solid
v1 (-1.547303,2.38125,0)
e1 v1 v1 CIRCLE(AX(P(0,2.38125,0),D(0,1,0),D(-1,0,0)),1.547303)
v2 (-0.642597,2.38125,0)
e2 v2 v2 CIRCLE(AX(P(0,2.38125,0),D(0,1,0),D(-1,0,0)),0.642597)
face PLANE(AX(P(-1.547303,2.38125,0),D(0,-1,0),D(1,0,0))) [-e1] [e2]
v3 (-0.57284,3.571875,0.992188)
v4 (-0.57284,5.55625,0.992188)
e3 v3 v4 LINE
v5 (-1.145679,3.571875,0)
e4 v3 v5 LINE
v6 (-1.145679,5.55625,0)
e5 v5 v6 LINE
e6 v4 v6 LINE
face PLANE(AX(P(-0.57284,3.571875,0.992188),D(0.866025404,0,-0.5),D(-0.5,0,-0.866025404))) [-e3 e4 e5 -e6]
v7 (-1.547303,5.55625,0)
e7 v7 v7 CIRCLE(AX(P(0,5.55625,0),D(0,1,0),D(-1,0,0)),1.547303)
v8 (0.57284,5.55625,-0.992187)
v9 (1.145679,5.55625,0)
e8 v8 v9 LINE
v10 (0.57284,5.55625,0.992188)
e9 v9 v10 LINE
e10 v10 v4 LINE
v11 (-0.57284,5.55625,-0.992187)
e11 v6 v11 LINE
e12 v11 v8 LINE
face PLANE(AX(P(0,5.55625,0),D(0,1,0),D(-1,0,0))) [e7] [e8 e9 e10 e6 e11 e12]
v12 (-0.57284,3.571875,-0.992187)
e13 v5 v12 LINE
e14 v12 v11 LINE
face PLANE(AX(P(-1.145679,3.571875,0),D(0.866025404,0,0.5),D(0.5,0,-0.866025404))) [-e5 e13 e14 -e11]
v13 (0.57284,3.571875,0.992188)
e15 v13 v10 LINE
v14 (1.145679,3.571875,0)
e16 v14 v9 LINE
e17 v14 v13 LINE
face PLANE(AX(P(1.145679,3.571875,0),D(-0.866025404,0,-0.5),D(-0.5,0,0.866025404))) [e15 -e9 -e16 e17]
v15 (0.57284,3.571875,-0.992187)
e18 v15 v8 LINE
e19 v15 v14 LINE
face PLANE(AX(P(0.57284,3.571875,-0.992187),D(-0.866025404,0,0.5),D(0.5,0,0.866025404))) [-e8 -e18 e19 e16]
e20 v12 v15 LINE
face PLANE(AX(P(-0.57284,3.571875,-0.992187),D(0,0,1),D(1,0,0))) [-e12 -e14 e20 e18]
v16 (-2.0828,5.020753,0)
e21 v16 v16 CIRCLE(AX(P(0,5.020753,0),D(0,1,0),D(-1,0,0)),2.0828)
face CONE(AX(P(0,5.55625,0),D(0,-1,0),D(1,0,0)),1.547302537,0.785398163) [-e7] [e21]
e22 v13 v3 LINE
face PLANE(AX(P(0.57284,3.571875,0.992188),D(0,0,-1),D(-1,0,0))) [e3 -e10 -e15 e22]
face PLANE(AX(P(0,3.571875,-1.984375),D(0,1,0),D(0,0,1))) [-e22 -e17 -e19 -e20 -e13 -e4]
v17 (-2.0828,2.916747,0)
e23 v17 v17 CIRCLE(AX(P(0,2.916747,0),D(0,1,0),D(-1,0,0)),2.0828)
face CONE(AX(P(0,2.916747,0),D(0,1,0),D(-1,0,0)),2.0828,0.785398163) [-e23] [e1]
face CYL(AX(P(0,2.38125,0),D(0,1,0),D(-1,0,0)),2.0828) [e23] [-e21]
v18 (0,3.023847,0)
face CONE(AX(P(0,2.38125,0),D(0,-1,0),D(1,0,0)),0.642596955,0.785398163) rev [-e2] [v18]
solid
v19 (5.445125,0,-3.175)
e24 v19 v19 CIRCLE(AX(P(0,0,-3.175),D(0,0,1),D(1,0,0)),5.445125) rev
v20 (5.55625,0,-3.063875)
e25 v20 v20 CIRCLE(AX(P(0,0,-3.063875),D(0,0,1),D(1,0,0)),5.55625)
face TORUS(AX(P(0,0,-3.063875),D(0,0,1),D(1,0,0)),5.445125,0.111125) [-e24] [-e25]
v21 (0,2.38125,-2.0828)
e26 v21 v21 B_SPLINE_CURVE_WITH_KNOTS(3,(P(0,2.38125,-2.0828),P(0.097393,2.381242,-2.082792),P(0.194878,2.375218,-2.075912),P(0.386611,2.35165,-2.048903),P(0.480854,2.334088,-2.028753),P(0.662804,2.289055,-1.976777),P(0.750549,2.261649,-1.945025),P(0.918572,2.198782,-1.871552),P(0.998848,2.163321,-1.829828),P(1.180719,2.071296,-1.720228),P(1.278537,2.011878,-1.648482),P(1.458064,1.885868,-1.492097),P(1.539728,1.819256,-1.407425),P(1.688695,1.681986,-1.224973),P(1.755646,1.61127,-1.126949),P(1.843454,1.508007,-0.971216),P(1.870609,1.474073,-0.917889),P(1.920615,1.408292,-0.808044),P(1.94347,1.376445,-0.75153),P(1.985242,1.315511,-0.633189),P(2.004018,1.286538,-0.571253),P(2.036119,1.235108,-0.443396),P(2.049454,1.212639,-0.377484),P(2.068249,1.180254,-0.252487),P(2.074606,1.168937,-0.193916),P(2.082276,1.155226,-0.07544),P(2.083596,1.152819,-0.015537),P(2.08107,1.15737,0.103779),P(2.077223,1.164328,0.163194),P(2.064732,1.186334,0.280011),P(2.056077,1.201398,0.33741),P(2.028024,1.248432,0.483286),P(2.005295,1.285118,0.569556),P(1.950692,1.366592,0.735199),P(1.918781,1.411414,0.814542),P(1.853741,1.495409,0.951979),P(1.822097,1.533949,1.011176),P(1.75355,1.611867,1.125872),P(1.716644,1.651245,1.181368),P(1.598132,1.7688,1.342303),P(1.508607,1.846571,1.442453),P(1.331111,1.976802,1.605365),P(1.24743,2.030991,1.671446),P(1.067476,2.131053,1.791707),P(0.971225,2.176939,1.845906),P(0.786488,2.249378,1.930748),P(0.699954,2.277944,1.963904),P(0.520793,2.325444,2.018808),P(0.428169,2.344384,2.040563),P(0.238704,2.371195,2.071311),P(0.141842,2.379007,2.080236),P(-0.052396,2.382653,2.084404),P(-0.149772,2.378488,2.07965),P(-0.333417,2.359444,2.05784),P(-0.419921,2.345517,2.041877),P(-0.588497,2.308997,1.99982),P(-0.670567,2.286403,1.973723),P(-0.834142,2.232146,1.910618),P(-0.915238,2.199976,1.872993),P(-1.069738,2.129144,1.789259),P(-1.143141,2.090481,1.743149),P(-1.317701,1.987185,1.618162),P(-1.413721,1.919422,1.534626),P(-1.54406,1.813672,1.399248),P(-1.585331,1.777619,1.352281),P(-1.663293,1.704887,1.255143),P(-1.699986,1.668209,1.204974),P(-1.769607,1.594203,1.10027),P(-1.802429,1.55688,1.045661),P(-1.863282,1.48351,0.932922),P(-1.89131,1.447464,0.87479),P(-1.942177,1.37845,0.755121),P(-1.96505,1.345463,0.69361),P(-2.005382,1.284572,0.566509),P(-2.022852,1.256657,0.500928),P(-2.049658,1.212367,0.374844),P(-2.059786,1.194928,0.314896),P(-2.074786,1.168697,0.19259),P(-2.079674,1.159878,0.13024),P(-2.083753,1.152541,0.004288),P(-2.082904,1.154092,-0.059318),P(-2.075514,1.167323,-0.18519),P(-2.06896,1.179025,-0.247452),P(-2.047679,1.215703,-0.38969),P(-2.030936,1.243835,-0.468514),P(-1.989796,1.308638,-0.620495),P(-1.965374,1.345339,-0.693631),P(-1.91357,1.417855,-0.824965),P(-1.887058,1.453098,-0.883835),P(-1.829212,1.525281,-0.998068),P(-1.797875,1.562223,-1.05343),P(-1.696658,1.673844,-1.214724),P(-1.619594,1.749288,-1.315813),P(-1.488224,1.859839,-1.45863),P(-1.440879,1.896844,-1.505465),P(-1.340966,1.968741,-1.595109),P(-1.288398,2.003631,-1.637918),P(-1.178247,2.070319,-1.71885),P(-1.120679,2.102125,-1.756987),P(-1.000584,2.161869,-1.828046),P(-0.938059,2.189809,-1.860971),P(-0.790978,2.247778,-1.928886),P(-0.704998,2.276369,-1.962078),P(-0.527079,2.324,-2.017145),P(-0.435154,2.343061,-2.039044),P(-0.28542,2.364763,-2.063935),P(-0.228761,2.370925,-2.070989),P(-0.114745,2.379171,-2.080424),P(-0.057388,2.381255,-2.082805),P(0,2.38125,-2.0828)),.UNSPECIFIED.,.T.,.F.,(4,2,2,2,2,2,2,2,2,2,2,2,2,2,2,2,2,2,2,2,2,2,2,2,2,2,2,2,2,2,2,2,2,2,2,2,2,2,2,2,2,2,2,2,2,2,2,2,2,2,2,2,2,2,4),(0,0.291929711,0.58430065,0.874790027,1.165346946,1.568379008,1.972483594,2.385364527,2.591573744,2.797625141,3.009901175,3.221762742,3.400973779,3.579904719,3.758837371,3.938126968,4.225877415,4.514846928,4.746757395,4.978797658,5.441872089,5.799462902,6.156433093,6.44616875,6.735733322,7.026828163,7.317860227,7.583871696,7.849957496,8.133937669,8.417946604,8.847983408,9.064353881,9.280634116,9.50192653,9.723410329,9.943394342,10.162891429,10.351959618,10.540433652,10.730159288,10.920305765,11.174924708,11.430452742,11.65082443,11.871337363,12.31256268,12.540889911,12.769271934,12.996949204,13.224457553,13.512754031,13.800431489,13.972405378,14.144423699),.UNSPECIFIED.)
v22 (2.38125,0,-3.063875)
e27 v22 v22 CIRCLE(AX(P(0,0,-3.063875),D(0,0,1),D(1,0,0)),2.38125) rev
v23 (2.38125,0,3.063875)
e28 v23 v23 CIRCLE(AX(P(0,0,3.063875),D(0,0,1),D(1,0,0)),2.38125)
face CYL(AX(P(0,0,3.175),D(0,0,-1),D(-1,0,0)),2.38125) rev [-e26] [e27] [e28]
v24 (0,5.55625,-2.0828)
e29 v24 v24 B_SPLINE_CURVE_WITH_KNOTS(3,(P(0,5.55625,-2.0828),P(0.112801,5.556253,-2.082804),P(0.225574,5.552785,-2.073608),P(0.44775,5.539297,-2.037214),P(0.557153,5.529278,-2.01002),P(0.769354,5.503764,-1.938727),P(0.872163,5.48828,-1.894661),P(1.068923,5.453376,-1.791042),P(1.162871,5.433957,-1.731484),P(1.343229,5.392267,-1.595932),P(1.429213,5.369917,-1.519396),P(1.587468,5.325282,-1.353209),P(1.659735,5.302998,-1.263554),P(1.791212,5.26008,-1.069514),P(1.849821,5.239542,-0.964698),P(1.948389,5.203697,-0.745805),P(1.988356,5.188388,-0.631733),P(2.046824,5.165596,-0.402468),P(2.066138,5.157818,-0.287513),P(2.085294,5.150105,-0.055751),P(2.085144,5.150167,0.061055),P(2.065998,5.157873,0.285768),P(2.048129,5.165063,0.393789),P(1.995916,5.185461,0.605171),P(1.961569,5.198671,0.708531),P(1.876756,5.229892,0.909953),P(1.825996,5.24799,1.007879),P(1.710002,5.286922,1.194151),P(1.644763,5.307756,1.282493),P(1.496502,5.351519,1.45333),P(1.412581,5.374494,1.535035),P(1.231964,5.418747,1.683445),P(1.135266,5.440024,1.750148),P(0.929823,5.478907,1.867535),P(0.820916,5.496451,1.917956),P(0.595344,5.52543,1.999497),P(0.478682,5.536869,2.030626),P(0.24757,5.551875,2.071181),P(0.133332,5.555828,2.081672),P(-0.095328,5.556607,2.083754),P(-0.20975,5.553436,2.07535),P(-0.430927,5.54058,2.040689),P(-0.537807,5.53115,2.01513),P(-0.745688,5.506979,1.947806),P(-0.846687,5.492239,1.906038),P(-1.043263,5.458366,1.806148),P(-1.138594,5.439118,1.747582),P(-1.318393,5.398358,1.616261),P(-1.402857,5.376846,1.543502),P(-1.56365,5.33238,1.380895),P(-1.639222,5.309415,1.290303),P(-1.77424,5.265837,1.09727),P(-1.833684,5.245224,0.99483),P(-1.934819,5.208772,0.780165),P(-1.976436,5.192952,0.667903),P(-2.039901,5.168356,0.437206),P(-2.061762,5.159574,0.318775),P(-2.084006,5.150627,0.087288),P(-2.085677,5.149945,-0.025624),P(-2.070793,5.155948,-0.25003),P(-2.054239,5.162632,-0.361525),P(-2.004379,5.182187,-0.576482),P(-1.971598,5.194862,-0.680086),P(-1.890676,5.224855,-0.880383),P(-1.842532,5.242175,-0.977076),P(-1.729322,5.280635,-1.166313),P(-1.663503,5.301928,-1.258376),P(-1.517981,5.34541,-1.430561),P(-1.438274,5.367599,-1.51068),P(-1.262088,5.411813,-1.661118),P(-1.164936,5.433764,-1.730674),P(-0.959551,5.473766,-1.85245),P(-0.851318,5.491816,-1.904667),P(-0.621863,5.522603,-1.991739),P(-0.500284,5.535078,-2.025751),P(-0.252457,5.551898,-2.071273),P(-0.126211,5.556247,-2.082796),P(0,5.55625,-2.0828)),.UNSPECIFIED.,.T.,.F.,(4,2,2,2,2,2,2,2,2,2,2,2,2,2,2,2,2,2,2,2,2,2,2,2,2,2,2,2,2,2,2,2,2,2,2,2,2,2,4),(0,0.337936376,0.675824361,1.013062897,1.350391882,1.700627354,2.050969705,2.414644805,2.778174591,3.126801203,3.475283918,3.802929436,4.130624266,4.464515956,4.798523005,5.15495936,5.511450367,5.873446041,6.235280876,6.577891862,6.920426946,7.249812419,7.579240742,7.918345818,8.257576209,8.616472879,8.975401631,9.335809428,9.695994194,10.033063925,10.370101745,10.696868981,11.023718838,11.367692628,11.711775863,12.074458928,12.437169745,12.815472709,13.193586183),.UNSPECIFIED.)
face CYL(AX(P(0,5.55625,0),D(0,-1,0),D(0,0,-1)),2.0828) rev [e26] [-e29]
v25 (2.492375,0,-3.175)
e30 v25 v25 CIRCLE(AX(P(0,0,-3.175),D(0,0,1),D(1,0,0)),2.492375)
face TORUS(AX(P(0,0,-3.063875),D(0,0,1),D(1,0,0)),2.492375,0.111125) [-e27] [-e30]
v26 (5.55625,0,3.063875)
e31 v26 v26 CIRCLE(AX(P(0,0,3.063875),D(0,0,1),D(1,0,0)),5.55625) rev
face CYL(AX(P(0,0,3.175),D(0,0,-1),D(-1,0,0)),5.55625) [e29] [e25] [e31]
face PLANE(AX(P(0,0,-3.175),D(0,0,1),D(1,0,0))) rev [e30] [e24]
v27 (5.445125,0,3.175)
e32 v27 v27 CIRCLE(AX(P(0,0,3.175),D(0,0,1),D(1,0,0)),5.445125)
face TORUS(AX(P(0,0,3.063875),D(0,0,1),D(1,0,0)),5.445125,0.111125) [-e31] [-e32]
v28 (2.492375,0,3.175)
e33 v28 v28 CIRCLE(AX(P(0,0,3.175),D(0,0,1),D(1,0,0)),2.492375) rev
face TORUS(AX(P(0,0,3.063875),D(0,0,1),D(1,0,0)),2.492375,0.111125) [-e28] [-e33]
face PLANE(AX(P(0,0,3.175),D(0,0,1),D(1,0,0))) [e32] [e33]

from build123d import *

# Parameters (mm, degrees)
SKETCH1_R          = 5.55625
SKETCH1_R_2        = 2.38125
EXTRUDE1_DEPTH     = 3.175
SKETCH2_R          = 2.0828
CUT_EXTRUDE1_DEPTH = 48.266462906
FILLET1_R          = 0.111125
CUT_EXTRUDE2_DEPTH = 1.984375


with BuildPart() as part:
    # Sketch1 → Extrude1 (new, symmetric)
    with BuildSketch(Plane.XY):
        Circle(SKETCH1_R)
        Circle(SKETCH1_R_2, mode=Mode.SUBTRACT)
    extrude(amount=EXTRUDE1_DEPTH, both=True)

    # Sketch2 → Cut-Extrude1 (cut, through all)
    with BuildSketch(Plane(origin=(41.275, 0, 0), x_dir=(0, 0, -1), z_dir=(0, -1, 0))):
        with Locations((0, -41.275)):
            Circle(SKETCH2_R)
    extrude(amount=-CUT_EXTRUDE1_DEPTH, mode=Mode.SUBTRACT)

    # Fillet1
    fillet1_edges = [part.edges().sort_by_distance(p)[0] for p in [
        (-5.55625, 0, -3.175),
        (-5.55625, 0, 3.175),
        (-2.38125, 0, -3.175),
        (-2.38125, 0, 3.175),
    ]]
    fillet(fillet1_edges, radius=FILLET1_R)


with BuildPart() as body_2:
    # Sketch3 → Revolve1 (revolve)
    with BuildSketch(Plane.XY):
        Polygon((-1.547302537, 2.38125), (-0.642596955, 2.38125), (0, 3.023846955), (0, 5.55625), (-1.547302537, 5.55625), (-2.0828, 5.020752537), (-2.0828, 2.916747463), align=None)
    revolve(axis=Axis((0, 2.38125, 0), (0, -1, 0)))

    # Sketch4 → Cut-Extrude2 (cut)
    with BuildSketch(Plane(origin=(3.3734375, 5.55625, 0), x_dir=(0, 0, -1), z_dir=(0, -1, 0))):
        Polygon((0, -2.22775806), (-0.9921875, -2.80059778), (-0.9921875, -3.94627722), (0, -4.51911694), (0.9921875, -3.94627722), (0.9921875, -2.80059778), align=None)
    extrude(amount=CUT_EXTRUDE2_DEPTH, mode=Mode.SUBTRACT)


solid = Compound([part.part, body_2.part])
